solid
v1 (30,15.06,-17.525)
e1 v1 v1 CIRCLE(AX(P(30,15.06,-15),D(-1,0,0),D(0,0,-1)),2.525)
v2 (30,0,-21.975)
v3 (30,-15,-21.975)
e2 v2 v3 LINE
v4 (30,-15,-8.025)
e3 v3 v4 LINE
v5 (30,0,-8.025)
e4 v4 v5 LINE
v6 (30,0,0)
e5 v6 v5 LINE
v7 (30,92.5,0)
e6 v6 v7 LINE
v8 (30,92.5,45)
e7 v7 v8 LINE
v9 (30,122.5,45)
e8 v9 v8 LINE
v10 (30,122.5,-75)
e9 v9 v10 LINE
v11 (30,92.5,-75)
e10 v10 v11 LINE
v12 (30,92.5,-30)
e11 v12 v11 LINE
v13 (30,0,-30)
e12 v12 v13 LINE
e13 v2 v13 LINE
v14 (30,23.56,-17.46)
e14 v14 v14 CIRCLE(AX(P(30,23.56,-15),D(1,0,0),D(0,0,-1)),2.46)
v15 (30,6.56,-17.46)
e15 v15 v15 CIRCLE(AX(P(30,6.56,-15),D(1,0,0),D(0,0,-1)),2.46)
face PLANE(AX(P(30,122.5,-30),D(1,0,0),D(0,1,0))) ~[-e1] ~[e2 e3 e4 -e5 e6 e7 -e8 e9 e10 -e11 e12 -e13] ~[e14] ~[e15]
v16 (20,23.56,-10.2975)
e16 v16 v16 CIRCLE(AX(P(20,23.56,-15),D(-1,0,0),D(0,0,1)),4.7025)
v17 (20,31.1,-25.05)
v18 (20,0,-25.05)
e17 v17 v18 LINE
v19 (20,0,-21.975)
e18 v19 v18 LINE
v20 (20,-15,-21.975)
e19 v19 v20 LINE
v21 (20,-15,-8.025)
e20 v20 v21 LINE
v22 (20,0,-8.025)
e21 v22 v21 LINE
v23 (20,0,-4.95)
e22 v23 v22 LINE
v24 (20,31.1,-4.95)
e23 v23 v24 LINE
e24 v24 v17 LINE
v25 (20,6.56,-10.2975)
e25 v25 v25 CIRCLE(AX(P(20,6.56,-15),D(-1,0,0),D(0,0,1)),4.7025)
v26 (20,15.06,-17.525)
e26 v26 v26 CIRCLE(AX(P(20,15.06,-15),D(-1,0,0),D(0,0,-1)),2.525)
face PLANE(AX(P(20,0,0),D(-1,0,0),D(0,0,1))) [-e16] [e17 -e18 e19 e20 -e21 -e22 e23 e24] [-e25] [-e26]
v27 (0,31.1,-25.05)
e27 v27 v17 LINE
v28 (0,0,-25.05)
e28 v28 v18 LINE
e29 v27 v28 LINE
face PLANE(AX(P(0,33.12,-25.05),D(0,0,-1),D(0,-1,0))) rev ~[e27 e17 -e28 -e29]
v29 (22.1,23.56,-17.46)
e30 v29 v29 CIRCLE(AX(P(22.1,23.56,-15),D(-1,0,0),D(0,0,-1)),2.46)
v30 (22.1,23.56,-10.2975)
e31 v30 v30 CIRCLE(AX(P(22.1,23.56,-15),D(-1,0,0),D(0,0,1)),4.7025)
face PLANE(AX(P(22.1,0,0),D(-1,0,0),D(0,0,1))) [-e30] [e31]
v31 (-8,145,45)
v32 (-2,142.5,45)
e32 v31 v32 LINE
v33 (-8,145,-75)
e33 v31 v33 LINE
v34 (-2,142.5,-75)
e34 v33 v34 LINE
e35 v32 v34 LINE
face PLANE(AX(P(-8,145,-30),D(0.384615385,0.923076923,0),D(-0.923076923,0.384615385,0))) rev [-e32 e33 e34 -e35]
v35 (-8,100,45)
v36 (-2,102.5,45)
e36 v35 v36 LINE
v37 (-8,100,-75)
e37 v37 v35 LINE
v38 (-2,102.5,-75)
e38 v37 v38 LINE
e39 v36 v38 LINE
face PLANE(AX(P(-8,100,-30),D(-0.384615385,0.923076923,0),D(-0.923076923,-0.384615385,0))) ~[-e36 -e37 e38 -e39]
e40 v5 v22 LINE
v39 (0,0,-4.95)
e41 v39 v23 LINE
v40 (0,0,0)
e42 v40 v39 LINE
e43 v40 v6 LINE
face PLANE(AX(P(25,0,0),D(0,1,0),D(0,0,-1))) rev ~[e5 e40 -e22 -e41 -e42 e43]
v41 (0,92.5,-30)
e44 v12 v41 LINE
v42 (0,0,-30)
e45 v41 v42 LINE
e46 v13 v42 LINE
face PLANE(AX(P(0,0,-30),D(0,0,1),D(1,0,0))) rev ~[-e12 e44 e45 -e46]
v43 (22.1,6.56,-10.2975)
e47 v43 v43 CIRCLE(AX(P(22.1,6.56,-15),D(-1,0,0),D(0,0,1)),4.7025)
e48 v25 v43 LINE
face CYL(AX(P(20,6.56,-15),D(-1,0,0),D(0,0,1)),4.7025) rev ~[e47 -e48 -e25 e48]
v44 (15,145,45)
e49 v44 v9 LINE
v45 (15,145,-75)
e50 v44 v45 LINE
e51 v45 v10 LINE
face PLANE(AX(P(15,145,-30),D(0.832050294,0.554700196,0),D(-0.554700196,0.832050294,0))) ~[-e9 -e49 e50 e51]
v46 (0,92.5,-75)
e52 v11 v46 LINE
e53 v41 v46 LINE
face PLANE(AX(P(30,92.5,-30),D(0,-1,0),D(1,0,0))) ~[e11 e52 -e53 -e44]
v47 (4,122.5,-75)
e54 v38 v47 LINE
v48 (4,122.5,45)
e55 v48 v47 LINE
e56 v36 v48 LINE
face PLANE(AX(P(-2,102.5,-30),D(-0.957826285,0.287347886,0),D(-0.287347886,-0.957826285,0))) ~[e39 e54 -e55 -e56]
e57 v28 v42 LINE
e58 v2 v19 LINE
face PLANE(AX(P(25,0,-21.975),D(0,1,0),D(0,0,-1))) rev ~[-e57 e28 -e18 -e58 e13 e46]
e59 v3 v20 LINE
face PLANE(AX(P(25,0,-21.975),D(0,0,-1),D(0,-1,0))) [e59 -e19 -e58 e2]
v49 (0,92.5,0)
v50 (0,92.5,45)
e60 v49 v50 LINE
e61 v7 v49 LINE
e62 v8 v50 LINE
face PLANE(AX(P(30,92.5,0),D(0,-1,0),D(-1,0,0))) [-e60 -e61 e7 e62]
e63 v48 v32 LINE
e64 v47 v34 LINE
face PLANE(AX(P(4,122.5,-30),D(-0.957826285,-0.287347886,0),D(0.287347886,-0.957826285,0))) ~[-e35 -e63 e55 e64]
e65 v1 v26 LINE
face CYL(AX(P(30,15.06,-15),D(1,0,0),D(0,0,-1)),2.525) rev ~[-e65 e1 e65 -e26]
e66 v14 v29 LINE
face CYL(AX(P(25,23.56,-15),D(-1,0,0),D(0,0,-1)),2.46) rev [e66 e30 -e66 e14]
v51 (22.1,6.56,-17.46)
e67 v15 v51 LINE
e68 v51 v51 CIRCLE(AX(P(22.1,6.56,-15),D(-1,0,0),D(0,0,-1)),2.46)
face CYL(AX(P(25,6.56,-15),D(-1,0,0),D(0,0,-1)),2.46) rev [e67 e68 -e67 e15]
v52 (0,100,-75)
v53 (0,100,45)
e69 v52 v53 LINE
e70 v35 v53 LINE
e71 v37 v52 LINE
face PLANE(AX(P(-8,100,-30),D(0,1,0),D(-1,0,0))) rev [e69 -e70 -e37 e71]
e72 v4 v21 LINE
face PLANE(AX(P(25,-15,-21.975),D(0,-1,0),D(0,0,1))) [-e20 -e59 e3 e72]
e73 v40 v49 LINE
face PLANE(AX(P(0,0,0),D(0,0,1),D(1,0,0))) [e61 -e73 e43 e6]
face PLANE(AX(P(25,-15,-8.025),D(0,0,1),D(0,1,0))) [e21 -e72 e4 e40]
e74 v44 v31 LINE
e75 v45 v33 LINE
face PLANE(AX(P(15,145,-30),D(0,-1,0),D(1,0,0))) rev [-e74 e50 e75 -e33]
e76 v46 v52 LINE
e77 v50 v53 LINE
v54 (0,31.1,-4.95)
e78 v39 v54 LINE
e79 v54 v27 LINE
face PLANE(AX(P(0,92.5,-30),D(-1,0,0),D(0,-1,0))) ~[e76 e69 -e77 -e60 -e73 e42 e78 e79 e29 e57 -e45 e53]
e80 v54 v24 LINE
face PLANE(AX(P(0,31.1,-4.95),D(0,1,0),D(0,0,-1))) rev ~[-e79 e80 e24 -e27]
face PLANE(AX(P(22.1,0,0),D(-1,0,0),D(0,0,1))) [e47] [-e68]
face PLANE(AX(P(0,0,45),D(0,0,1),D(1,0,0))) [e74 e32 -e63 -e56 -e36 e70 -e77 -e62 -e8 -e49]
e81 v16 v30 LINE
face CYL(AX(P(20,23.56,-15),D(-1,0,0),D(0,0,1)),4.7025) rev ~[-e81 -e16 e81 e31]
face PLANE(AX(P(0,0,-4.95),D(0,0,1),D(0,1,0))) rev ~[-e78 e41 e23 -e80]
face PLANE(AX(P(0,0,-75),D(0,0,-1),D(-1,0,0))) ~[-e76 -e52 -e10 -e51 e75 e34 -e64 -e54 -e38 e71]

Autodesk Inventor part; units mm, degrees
ref_plane "YZ Plane" through (0, 0, 0) normal (1, 0, 0) x (0, 1, 0)
ref_plane "XZ Plane" through (0, 0, 0) normal (0, 1, 0) x (-1, 0, 0)
sketch "Sketch1" plane through (0, 0, 0) normal (0, 0, 1) x (1, 0, 0)
  line L0 (0, 0) -> (25, 0)
  line L1 (25, 0) -> (25, 40)
  line L2 (25, 40) -> (0, 40)
  line L3 (0, 40) -> (0, 0)
  dimension "d1" = 25
  dimension "d2" = 40
  dimension "d3" = 25
extrude "Extrusion1" add sketch "Sketch1" against normal blind 30
sketch "Sketch2" plane through (25, 0, 0) normal (1, 0, 0) x (0, 0, -1)
  line L0 (0, 0) -> (30, 0) projected
  circle A0 centre (15, 6.56) radius 2.46
extrude "Extrusion2" cut sketch "Sketch2" against normal blind 30
sketch "Sketch3" plane through (0, 0, 0) normal (-1, 0, 0) x (0, 0, 1)
  line L0 (0, 0) -> (-30, 0) projected
  line L1 (-25.05, 0) -> (-4.95, 0)
  line L2 (-4.95, 0) -> (-4.95, 33.12)
  line L3 (-4.95, 33.12) -> (-25.05, 33.12)
  line L4 (-25.05, 33.12) -> (-25.05, 0)
  dimension "d11" = 20.1
extrude "Extrusion3" cut sketch "Sketch3" against normal blind 20
sketch "Sketch4" plane through (0, 0, 0) normal (0, -1, 0) x (1, 0, 0)
  line L0 (20, -4.95) -> (20, -25.05) projected
  line L1 (20, -15) -> (25, -15)
  line L2 (25, 0) -> (25, -30) projected
  line L3 (20, -8.025) -> (25, -8.025)
  line L4 (25, -8.025) -> (25, -21.975)
  line L5 (25, -21.975) -> (20, -21.975)
  line L6 (20, -21.975) -> (20, -8.025)
  line L7 (20, -8.025) -> (25, -21.975) construction
  line L8 (25, -8.025) -> (20, -21.975) construction
  line L9 (25, -12.54) -> (25, -17.46) projected
  point P0 (0, 0)
  point P1 (22.5, -15)
  dimension "d14" = 13.95
extrude "Extrusion4" add sketch "Sketch4" along normal blind 15
sketch "Sketch5" plane through (20, 0, 0) normal (-1, 0, 0) x (0, 0, 1)
  circle A0 centre (-15, 6.56) radius 2.46 projected
  circle A1 centre (-15, 6.56) radius 4.7025
  circle A2 centre (-15, 6.56) radius 2.46 projected
  circle A3 centre (-15, 6.56) radius 2.46
  point P0 (0, 0)
  dimension "d17" = 9.405
extrude "Extrusion5" cut sketch "Sketch5" against normal blind 2.1
sketch "Sketch6" plane through (25, 0, 0) normal (1, 0, 0) x (0, 0, -1)
  circle A0 centre (15, 6.56) radius 4.7025 projected
  line L0 (15, 6.56) -> (15, 23.56)
  circle A1 centre (15, 23.56) radius 2.46
  point P0 (0, 0)
  dimension "d20" = 17
  dimension "d21" = 4.92
extrude "Extrusion6" cut sketch "Sketch6" against normal blind 10 contours A1
sketch "Sketch7" plane through (20, 0, 0) normal (-1, 0, 0) x (0, 0, 1)
  circle A0 centre (-15, 23.56) radius 2.46 projected
  circle A1 centre (-15, 23.56) radius 4.7025
  point P0 (0, 0)
  dimension "d24" = 9.405
extrude "Extrusion7" cut sketch "Sketch7" against normal blind 2.1
sketch "Sketch9" plane through (25, 0, 0) normal (1, 0, 0) x (0, 0, -1)
  circle A0 centre (15, 6.56) radius 2.46 projected
  circle A1 centre (15, 6.56) radius 2.46
  circle A2 centre (15, 23.56) radius 2.46 projected
  circle A3 centre (15, 23.56) radius 2.46
  line L0 (30, 40) -> (30, 0) projected
  line L1 (30, 0) -> (30, 40)
  line L2 (30, 40) -> (0, 40)
  line L3 (0, 40) -> (0, 0)
  line L4 (0, 0) -> (8.025, 0) projected
  line L5 (21.975, 0) -> (21.975, -15)
  line L6 (21.975, -15) -> (8.025, -15)
  line L7 (8.025, -15) -> (8.025, 0)
  line L8 (0, 0) -> (8.025, 0)
  line L9 (21.975, 0) -> (30, 0)
extrude "Extrusion8" add sketch "Sketch9" along normal blind 5
sketch "Sketch10" plane through (0, 40, 0) normal (0, 1, 0) x (1, 0, 0)
  line L0 (0, 30) -> (30, 30) projected
  line L1 (30, 0) -> (0, 0) projected
  line L2 (0, 30) -> (30, 30)
  line L3 (30, 30) -> (30, 0)
  line L4 (30, 0) -> (0, 0)
  line L5 (0, 0) -> (0, 30)
extrude "Extrusion9" add sketch "Sketch10" along normal blind 30
sketch "Sketch12" plane through (30, 0, 0) normal (1, 0, 0) x (0, 0, -1)
  circle A0 centre (15, 6.56) radius 2.46 projected
  line L0 (15, 6.56) -> (15, 15.06)
  circle A1 centre (15, 15.06) radius 2.525
  point P0 (0, 0)
  dimension "d31" = 8.5
  dimension "d33" = 5.05
extrude "Extrusion10" cut sketch "Sketch12" against normal blind 30 contours A1
sketch "Sketch14" plane through (0, 0, 0) normal (0, 0, 1) x (1, 0, 0)
  line L0 (30, 70) -> (0, 70) projected
  line L1 (0, 100) -> (-8, 100)
  line L2 (30, 0) -> (30, 70) projected
  line L3 (30, 118) -> (30, 70)
  line L4 (30, 105) -> (30, 100)
  line L5 (0, 70) -> (30, 70) projected
  line L6 (0, 70) -> (0, 100)
  line L7 (-8, 145) -> (15, 145)
  line L8 (-2, 142.5) -> (-8, 145)
  line L9 (-2, 102.5) -> (-8, 100)
  line L10 (-2, 102.5) -> (4, 122.5)
  line L11 (4, 122.5) -> (-2, 142.5)
  line L12 (15, 145) -> (30, 122.5)
  line L13 (30, 122.5) -> (30, 118)
  point P0 (0, 0)
  dimension "d47" = 30
  dimension "d85" = 45
extrude "Extrusion12" add sketch "Sketch14" against normal blind 30
sketch "Sketch15" plane through (0, 0, -25.05) normal (-1, 0, 0) x (0, 0, 1)
  line L0 (0, 33.12) -> (20.1, 33.12) projected
  line L1 (20.1, 33.12) -> (20.1, 0) projected
  line L2 (0, 33.12) -> (20.1, 33.12)
  line L3 (20.1, 33.12) -> (20.1, 31.1)
  line L4 (20.1, 31.1) -> (0, 31.1)
  line L5 (0, 31.1) -> (0, 33.12)
  point P0 (25.05, 0)
  dimension "d57" = 2.02
extrude "Extrusion13" add sketch "Sketch15" against normal blind 20
sketch "Sketch25" plane through (0, 0, 0) normal (0, 0, 1) x (1, 0, 0)
  line L0 (-8, 100) -> (0, 100) projected
  line L1 (0, 100) -> (-8, 100)
  line L2 (-8, 100) -> (-2, 102.5) projected
  line L3 (-8, 100) -> (-2, 102.5)
  line L4 (-2, 102.5) -> (4, 122.5)
  line L5 (-8, 145) -> (-2, 142.5) projected
  line L6 (4, 122.5) -> (-2, 142.5)
  line L7 (-2, 142.5) -> (-8, 145)
  line L8 (15, 145) -> (-8, 145) projected
  line L9 (-8, 145) -> (15, 145)
  line L10 (15, 145) -> (30, 122.5) projected
  line L11 (15, 145) -> (30, 122.5)
  line L12 (30, 122.5) -> (30, 92.5)
  line L13 (30, 0) -> (30, 122.5) projected
  line L14 (30, 92.5) -> (0, 92.5)
  line L15 (0, 0) -> (0, 100) projected
  line L16 (0, 92.5) -> (0, 100)
  dimension "d88" = 30
extrude "Extrusion14" add sketch "Sketch25" along normal blind 45
ref_plane "Work Plane1" through (0, 0, -15) normal (0, 0, 1) x (1, 0, 0)
mirror "Mirror1" about plane through (0, 0, -15) normal (0, 0, 1) of "Extrusion14"
properties part number "40mm_x_120mm"
